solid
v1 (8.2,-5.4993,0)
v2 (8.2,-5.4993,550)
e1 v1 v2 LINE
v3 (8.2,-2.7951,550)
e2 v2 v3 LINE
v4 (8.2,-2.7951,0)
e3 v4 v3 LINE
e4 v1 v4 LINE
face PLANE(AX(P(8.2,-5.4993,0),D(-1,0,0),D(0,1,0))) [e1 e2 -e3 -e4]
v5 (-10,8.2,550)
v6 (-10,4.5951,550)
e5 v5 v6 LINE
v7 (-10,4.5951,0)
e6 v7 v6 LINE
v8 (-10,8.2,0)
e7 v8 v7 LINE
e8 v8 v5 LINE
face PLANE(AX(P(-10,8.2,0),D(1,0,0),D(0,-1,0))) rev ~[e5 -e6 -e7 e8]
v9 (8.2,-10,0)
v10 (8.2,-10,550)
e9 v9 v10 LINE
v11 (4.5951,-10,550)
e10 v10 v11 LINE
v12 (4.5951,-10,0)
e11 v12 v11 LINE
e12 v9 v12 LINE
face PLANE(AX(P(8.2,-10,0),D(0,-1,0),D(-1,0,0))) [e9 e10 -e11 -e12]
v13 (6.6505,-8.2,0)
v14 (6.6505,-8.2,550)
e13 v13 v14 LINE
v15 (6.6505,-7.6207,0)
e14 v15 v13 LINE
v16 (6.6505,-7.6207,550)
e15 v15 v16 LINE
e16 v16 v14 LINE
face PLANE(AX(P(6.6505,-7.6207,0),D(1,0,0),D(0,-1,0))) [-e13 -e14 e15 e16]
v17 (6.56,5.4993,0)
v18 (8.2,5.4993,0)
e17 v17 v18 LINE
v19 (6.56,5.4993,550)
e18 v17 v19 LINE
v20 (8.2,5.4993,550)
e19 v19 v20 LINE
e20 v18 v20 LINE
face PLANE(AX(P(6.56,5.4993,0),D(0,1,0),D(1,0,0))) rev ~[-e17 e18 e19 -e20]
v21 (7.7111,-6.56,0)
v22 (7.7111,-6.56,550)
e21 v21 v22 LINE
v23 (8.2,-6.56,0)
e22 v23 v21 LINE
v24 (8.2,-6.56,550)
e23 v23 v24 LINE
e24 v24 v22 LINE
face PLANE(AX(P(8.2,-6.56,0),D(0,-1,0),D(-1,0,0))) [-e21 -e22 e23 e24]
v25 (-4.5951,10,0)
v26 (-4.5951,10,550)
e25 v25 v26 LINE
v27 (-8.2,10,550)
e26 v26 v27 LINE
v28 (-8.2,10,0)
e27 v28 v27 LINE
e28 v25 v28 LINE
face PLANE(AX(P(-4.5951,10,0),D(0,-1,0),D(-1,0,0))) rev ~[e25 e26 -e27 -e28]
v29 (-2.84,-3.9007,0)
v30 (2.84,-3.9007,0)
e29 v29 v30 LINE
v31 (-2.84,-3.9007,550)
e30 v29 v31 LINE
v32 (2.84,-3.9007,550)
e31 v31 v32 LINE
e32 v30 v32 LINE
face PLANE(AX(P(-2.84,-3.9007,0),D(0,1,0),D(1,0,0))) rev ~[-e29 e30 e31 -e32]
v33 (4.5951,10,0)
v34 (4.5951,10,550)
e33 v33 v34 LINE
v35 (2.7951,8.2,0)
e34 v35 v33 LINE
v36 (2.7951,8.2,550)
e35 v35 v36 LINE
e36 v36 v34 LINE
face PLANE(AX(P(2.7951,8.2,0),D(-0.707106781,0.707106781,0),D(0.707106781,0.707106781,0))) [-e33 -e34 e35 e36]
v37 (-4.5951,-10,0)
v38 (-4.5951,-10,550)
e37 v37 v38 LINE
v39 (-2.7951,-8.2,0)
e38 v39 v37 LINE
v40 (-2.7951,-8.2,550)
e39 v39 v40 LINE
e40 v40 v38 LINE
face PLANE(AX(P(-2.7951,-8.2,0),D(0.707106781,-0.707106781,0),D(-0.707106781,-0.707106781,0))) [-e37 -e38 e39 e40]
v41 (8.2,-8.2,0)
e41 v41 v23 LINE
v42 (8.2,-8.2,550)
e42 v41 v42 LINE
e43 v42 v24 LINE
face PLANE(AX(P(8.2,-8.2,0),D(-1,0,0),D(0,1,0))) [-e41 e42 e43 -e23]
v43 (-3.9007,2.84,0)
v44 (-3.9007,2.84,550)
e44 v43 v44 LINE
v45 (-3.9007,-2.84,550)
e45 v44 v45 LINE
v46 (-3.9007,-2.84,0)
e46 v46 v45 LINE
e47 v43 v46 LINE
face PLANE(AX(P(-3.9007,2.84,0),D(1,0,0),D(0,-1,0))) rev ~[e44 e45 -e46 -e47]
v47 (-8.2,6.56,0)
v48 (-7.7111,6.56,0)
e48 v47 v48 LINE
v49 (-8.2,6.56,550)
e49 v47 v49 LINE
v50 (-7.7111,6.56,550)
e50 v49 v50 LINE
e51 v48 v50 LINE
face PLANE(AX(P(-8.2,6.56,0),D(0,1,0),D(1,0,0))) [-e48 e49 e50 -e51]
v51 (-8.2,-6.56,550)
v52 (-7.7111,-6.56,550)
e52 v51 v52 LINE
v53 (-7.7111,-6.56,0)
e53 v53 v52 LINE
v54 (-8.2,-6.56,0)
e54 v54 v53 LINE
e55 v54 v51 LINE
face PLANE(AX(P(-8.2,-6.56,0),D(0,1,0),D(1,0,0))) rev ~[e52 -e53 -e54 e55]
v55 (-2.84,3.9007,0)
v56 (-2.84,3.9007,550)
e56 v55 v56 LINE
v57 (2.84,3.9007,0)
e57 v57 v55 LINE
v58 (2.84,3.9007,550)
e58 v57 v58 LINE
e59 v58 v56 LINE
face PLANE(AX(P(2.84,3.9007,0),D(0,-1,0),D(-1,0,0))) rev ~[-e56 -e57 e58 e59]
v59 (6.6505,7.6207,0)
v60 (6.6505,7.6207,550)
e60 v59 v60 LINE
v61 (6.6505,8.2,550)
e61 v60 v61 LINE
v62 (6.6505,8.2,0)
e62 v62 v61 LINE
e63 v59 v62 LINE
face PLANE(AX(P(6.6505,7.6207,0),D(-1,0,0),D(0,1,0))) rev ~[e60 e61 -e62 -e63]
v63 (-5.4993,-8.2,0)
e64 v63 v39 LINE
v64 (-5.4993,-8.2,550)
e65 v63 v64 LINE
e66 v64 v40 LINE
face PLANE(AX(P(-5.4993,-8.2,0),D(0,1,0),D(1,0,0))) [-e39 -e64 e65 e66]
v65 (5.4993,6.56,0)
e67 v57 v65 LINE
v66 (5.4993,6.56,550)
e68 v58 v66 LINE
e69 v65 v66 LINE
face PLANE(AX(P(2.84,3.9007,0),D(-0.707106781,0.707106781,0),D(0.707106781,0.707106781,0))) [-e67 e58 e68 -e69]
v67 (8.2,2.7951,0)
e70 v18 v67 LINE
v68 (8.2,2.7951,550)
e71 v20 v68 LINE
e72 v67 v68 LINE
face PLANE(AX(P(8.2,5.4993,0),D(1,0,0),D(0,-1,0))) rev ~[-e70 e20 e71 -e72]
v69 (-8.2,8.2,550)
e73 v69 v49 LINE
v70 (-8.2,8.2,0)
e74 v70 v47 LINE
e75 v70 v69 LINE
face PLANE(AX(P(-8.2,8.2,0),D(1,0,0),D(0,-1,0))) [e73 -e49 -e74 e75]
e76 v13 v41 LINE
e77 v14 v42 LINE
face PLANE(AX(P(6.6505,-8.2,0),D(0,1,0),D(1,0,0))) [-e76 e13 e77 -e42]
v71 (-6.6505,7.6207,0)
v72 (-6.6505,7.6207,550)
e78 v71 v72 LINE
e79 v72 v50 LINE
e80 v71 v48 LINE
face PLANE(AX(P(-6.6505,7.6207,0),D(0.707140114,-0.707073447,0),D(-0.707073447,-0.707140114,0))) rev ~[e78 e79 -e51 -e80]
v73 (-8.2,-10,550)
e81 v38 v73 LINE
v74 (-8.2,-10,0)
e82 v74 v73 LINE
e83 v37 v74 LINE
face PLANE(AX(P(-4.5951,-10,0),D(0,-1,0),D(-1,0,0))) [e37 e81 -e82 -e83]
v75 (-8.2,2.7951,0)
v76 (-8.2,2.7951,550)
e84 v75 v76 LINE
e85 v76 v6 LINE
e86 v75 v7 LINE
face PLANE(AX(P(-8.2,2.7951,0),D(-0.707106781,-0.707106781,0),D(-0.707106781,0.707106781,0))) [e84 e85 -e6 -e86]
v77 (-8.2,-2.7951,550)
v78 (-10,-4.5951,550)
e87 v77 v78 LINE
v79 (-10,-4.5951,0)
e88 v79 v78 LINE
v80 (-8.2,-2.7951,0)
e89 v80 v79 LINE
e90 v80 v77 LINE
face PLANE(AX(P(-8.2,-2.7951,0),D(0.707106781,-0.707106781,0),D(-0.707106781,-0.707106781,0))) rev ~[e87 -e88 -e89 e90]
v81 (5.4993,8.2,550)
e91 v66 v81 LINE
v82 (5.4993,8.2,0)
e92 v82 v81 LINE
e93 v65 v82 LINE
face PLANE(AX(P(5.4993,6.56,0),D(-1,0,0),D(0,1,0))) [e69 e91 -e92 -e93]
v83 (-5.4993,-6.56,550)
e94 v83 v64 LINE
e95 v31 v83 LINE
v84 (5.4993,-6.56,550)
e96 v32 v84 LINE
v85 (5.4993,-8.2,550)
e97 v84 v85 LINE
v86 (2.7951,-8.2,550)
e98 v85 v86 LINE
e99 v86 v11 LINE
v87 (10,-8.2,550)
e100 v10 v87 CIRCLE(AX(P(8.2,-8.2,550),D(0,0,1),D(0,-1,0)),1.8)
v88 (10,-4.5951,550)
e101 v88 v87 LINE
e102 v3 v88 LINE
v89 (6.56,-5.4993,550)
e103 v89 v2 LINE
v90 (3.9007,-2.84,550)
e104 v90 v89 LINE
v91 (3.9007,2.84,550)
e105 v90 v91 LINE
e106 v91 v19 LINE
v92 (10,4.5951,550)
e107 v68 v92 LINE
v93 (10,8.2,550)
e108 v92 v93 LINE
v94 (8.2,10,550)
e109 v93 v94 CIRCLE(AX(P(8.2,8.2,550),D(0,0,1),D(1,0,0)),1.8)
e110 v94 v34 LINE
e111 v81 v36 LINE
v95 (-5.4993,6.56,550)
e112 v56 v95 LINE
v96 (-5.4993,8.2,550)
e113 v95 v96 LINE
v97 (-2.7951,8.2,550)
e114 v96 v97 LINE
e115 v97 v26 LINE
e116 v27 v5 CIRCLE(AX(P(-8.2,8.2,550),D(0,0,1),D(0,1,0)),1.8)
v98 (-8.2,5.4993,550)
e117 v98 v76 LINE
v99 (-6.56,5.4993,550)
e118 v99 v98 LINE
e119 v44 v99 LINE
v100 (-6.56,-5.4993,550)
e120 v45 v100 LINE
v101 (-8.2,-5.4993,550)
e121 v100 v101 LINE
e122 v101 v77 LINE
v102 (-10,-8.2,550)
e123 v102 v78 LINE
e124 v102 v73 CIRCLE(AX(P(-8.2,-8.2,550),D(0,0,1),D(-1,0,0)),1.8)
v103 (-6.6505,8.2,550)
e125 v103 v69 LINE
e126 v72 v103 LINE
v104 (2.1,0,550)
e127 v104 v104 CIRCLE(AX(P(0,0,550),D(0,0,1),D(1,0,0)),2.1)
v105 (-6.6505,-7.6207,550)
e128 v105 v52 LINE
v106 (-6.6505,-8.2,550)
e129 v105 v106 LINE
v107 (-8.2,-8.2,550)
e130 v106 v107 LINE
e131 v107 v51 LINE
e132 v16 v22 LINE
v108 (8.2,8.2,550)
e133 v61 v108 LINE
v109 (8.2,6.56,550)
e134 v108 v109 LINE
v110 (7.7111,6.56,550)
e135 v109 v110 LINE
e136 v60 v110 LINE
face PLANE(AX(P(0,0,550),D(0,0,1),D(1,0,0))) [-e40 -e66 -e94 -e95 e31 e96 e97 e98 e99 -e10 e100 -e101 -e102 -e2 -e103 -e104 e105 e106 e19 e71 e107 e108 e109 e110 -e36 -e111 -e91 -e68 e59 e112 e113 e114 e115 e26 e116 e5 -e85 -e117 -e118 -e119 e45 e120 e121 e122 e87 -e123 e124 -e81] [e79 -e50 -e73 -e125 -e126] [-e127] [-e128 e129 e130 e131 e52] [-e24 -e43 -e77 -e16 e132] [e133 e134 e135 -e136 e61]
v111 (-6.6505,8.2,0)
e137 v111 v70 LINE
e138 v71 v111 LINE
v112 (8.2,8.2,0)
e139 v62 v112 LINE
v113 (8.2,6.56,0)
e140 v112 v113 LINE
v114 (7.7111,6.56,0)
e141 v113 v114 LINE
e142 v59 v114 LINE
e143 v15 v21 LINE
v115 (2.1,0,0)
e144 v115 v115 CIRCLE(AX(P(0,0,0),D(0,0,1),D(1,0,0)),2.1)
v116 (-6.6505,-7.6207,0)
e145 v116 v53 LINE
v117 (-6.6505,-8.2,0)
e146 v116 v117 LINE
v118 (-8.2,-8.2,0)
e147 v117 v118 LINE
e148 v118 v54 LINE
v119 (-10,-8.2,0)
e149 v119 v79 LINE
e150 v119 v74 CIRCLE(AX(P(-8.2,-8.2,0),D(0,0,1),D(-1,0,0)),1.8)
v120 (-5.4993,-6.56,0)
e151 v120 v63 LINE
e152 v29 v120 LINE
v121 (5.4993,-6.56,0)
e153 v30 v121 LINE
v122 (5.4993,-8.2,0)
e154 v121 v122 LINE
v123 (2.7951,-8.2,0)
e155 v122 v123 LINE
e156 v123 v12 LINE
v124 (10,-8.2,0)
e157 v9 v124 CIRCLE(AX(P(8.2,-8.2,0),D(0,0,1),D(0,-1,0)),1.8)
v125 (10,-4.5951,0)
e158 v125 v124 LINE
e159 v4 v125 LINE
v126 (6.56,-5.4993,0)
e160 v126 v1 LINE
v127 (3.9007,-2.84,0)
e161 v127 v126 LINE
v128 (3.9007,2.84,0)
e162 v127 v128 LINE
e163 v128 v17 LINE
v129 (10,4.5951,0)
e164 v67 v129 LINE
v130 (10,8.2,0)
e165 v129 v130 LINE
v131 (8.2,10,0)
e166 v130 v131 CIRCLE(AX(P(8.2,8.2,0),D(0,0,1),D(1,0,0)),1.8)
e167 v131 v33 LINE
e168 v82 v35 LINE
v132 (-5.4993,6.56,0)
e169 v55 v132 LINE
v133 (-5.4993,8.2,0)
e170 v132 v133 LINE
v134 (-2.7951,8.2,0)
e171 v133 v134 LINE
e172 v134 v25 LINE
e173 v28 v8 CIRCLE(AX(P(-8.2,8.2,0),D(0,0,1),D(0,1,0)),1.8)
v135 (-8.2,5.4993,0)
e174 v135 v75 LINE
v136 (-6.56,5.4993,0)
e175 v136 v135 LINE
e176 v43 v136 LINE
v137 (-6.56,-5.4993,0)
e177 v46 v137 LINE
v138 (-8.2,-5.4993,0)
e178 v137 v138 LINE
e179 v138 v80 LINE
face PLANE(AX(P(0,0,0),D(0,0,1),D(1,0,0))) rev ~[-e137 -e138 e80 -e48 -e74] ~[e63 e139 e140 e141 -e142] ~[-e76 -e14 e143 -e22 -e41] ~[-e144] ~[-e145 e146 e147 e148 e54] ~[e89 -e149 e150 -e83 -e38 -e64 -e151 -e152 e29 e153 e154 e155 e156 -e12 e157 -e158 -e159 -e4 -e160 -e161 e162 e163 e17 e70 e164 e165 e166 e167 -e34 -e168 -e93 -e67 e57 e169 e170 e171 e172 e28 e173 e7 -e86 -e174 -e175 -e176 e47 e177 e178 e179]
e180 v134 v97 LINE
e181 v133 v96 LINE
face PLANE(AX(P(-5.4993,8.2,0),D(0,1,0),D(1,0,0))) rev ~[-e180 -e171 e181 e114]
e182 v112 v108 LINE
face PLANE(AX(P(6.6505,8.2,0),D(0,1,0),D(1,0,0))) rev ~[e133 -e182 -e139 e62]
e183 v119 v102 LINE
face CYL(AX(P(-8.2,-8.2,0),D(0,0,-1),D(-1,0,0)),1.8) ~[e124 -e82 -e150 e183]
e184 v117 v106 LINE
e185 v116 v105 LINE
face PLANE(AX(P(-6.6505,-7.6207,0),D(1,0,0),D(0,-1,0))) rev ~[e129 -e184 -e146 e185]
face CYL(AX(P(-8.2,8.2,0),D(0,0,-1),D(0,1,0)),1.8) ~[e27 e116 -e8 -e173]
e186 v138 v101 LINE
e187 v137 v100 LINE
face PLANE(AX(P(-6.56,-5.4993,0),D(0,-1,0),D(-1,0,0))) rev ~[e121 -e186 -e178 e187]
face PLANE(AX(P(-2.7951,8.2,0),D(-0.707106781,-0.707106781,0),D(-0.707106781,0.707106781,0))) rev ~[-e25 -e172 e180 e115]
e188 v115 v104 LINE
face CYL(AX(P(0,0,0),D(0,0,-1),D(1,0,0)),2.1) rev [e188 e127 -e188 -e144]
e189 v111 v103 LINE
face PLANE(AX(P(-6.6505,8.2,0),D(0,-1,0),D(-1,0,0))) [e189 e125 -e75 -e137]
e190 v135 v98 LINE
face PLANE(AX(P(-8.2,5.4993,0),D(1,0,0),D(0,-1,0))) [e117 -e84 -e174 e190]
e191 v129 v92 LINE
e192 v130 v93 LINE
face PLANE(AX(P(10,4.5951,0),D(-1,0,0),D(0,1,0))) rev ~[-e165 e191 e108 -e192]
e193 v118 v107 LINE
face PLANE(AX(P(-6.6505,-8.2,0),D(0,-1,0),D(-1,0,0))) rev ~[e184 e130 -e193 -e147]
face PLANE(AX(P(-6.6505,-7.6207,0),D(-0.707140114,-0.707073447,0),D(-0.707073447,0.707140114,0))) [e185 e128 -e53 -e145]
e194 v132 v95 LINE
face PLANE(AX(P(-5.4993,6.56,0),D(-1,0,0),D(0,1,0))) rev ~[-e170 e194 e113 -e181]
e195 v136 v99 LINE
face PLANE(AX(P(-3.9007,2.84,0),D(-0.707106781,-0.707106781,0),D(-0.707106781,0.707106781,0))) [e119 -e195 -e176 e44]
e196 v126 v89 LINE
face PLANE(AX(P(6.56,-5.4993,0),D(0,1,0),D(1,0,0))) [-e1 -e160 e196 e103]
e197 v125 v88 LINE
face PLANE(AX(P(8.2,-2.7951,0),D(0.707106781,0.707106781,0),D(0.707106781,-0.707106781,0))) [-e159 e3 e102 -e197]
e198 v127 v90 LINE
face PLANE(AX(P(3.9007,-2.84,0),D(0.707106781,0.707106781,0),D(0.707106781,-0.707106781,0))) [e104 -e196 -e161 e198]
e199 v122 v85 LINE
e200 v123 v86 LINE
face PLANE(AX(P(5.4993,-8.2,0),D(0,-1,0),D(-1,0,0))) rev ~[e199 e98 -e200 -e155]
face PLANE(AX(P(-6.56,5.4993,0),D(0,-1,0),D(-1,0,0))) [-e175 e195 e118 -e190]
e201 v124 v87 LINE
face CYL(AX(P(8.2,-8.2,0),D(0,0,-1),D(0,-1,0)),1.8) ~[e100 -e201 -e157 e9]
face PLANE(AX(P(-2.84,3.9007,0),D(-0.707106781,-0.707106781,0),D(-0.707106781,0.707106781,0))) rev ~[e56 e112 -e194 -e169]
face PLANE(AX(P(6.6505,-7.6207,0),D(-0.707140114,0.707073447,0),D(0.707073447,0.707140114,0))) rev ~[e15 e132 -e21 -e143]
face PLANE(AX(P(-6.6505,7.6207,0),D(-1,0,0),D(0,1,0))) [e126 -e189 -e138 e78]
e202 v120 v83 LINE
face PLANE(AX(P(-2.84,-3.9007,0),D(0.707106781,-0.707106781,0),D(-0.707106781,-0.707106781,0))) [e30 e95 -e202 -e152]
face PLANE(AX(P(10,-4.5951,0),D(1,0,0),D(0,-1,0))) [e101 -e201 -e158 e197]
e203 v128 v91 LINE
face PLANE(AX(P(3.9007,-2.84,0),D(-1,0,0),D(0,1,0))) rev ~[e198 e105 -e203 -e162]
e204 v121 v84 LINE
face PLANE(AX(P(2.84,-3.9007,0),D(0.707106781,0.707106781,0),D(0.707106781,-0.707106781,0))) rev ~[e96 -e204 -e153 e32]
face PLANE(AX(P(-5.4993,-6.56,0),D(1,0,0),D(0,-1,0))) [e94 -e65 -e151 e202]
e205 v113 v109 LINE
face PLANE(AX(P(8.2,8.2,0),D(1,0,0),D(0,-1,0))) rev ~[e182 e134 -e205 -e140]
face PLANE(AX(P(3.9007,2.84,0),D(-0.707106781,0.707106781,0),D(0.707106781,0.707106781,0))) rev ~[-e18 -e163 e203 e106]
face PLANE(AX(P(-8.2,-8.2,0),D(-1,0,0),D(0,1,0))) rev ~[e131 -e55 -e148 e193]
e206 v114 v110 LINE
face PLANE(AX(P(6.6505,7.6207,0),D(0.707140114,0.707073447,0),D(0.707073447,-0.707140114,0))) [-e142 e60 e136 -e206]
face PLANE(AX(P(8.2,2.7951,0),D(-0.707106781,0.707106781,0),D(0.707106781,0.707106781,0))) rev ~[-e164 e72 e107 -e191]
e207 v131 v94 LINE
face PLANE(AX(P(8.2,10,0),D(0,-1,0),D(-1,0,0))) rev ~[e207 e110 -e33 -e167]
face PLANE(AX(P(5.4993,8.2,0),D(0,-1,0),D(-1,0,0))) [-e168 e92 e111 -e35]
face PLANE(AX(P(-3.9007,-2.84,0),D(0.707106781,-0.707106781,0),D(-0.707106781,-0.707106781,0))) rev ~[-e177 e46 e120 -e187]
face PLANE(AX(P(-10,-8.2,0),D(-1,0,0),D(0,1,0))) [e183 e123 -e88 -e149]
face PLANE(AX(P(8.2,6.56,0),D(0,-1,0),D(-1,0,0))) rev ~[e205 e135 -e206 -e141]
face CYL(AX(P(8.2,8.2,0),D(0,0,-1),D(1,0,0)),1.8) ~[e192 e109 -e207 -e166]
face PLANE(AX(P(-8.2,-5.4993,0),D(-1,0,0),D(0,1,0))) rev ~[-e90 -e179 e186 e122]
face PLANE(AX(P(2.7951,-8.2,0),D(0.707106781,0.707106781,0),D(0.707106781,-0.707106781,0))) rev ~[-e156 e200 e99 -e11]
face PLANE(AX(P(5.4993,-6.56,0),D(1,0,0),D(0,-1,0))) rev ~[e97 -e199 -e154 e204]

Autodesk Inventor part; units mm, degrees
ref_plane "YZ Plane" through (0, 0, 0) normal (1, 0, 0) x (0, 1, 0)
ref_plane "Start Plane" through (0, 0, 0) normal (0, 0, 1) x (1, 0, 0)
ref_plane "End Plane" through (0, 0, 550) normal (0, 0, 1) x (1, 0, 0)
sketch "Sketch1" plane through (0, 0, 0) normal (0, 0, 1) x (1, 0, 0)
  line L0 (10, -4.5951) -> (10, -8.2)
  line L1 (-10, -8.2) -> (-10, -4.5951)
  line L2 (-10, 10) -> (10, -10) construction
  line L3 (10, 10) -> (-10, -10) construction
  circle A0 centre (0, 0) radius 2.1
  line L4 (-2.84, -3.9007) -> (2.84, -3.9007)
  line L5 (3.9007, -2.84) -> (3.9007, 2.84)
  line L6 (2.84, 3.9007) -> (-2.84, 3.9007)
  line L7 (-3.9007, 2.84) -> (-3.9007, -2.84)
  line L8 (-3.9007, -3.9007) -> (3.9007, 3.9007) construction
  line L9 (3.9007, -3.9007) -> (-3.9007, 3.9007) construction
  line L10 (-3.9007, -2.84) -> (-2.84, -3.9007) construction
  line L11 (-2.84, -3.9007) -> (-5.4993, -6.56)
  line L12 (-5.4993, -6.56) -> (-5.4993, -8.2)
  line L13 (-5.4993, -8.2) -> (-2.7951, -8.2)
  line L14 (-2.7951, -8.2) -> (-4.5951, -10)
  line L15 (0, 0) -> (0, -3.9007) construction
  line L16 (3.9007, -2.84) -> (2.84, -3.9007) construction
  line L17 (2.84, -3.9007) -> (5.4993, -6.56)
  line L18 (5.4993, -6.56) -> (5.4993, -8.2)
  line L19 (5.4993, -8.2) -> (2.7951, -8.2)
  line L20 (2.7951, -8.2) -> (4.5951, -10)
  line L21 (-2.84, -3.9007) -> (-3.9007, -2.84) construction
  line L22 (-3.9007, -2.84) -> (-6.56, -5.4993)
  line L23 (-6.56, -5.4993) -> (-8.2, -5.4993)
  line L24 (-8.2, -5.4993) -> (-8.2, -2.7951)
  line L25 (-8.2, -2.7951) -> (-10, -4.5951)
  line L26 (3.9007, -2.84) -> (6.56, -5.4993)
  line L27 (6.56, -5.4993) -> (8.2, -5.4993)
  line L28 (8.2, -5.4993) -> (8.2, -2.7951)
  line L29 (8.2, -2.7951) -> (10, -4.5951)
  arc A1 (-10, -8.2) -> (-8.2, -10) centre (-8.2, -8.2) ccw
  arc A2 (8.2, -10) -> (10, -8.2) centre (8.2, -8.2) ccw
  line L30 (-8.2, -6.56) -> (-7.7111, -6.56)
  line L31 (-6.6505, -8.2) -> (-8.2, -8.2)
  line L32 (-8.2, -8.2) -> (-8.2, -6.56)
  line L33 (-6.6505, -7.6207) -> (-7.7111, -6.56)
  line L34 (-6.6505, -7.6207) -> (-6.6505, -8.2)
  line L35 (8.2, -6.56) -> (7.7111, -6.56)
  line L36 (6.6505, -8.2) -> (8.2, -8.2)
  line L37 (8.2, -8.2) -> (8.2, -6.56)
  line L38 (6.6505, -7.6207) -> (7.7111, -6.56)
  line L39 (6.6505, -7.6207) -> (6.6505, -8.2)
  line L40 (8.2, -10) -> (4.5951, -10)
  line L41 (-4.5951, -10) -> (-8.2, -10)
  line L42 (-3.9007, 0) -> (3.9007, 0) construction
  line L43 (10, 4.5951) -> (10, 8.2)
  line L44 (-10, 8.2) -> (-10, 4.5951)
  line L45 (-2.84, 3.9007) -> (2.84, 3.9007)
  line L46 (-3.9007, 2.84) -> (-2.84, 3.9007) construction
  line L47 (-2.84, 3.9007) -> (-5.4993, 6.56)
  line L48 (-5.4993, 6.56) -> (-5.4993, 8.2)
  line L49 (-5.4993, 8.2) -> (-2.7951, 8.2)
  line L50 (-2.7951, 8.2) -> (-4.5951, 10)
  line L51 (2.84, 3.9007) -> (5.4993, 6.56)
  line L52 (5.4993, 6.56) -> (5.4993, 8.2)
  line L53 (5.4993, 8.2) -> (2.7951, 8.2)
  line L54 (2.7951, 8.2) -> (4.5951, 10)
  line L55 (3.9007, 2.84) -> (2.84, 3.9007) construction
  line L56 (-8.2, 2.7951) -> (-10, 4.5951)
  line L57 (-2.84, 3.9007) -> (-3.9007, 2.84) construction
  line L58 (-3.9007, 2.84) -> (-6.56, 5.4993)
  line L59 (-6.56, 5.4993) -> (-8.2, 5.4993)
  line L60 (-8.2, 5.4993) -> (-8.2, 2.7951)
  line L61 (3.9007, 2.84) -> (6.56, 5.4993)
  line L62 (6.56, 5.4993) -> (8.2, 5.4993)
  line L63 (8.2, 5.4993) -> (8.2, 2.7951)
  line L64 (8.2, 2.7951) -> (10, 4.5951)
  arc A3 (-8.2, 10) -> (-10, 8.2) centre (-8.2, 8.2) ccw
  arc A4 (10, 8.2) -> (8.2, 10) centre (8.2, 8.2) ccw
  line L65 (-8.2, 6.56) -> (-7.7111, 6.56)
  line L66 (-6.6505, 8.2) -> (-8.2, 8.2)
  line L67 (-8.2, 8.2) -> (-8.2, 6.56)
  line L68 (-6.6505, 7.6207) -> (-7.7111, 6.56)
  line L69 (-6.6505, 7.6207) -> (-6.6505, 8.2)
  line L70 (8.2, 6.56) -> (7.7111, 6.56)
  line L71 (6.6505, 7.6207) -> (7.7111, 6.56)
  line L72 (8.2, 8.2) -> (8.2, 6.56)
  line L73 (6.6505, 7.6207) -> (6.6505, 8.2)
  line L74 (6.6505, 8.2) -> (8.2, 8.2)
  line L75 (8.2, 10) -> (4.5951, 10)
  line L76 (-4.5951, 10) -> (-8.2, 10)
  line L77 (-8.2, 10) -> (-4.5951, 10)
  line L78 (4.5951, 10) -> (8.2, 10)
  point P0 (8.2, -8.2)
  point P1 (0, 3.9007)
  point P2 (8.2, 8.2)
  dimension "Width" = 20
  dimension "Height" = 20
  dimension "d2" = 4.2
  dimension "d3" = 1.5
  dimension "d4" = 1.64
  dimension "d6" = 5.68
  dimension "d7" = 1.8
  dimension "d9" = 1.5
extrude "Body" add sketch "Sketch1" along normal up to surface (550 mm away) from surface at 0
sketch "Sketch4" plane through (0, 0, 0) normal (0, 0, 1) x (1, 0, 0)
  line L0 (0, 0) -> (10, 0)
ref_plane "Work Plane4" through (0, 0, 0) normal (0, -1, 0) x (1, 0, 0)
sketch "Sketch5" plane through (0, 0, 0) normal (0, -1, 0) x (1, 0, 0)
  line L0 (-2, 0) -> (12, 0) construction
  line L1 (-2, 550) -> (12, 550) construction
  dimension "d17" = 550
equation "\"G_OFFSET_START\" = 0"
equation "\"G_OFFSET_END\" = 0"
equation "\"G_L\" = d17"
properties part number "550 mm V-Slot 20mm x 20mm" material "Aluminum 6061"
